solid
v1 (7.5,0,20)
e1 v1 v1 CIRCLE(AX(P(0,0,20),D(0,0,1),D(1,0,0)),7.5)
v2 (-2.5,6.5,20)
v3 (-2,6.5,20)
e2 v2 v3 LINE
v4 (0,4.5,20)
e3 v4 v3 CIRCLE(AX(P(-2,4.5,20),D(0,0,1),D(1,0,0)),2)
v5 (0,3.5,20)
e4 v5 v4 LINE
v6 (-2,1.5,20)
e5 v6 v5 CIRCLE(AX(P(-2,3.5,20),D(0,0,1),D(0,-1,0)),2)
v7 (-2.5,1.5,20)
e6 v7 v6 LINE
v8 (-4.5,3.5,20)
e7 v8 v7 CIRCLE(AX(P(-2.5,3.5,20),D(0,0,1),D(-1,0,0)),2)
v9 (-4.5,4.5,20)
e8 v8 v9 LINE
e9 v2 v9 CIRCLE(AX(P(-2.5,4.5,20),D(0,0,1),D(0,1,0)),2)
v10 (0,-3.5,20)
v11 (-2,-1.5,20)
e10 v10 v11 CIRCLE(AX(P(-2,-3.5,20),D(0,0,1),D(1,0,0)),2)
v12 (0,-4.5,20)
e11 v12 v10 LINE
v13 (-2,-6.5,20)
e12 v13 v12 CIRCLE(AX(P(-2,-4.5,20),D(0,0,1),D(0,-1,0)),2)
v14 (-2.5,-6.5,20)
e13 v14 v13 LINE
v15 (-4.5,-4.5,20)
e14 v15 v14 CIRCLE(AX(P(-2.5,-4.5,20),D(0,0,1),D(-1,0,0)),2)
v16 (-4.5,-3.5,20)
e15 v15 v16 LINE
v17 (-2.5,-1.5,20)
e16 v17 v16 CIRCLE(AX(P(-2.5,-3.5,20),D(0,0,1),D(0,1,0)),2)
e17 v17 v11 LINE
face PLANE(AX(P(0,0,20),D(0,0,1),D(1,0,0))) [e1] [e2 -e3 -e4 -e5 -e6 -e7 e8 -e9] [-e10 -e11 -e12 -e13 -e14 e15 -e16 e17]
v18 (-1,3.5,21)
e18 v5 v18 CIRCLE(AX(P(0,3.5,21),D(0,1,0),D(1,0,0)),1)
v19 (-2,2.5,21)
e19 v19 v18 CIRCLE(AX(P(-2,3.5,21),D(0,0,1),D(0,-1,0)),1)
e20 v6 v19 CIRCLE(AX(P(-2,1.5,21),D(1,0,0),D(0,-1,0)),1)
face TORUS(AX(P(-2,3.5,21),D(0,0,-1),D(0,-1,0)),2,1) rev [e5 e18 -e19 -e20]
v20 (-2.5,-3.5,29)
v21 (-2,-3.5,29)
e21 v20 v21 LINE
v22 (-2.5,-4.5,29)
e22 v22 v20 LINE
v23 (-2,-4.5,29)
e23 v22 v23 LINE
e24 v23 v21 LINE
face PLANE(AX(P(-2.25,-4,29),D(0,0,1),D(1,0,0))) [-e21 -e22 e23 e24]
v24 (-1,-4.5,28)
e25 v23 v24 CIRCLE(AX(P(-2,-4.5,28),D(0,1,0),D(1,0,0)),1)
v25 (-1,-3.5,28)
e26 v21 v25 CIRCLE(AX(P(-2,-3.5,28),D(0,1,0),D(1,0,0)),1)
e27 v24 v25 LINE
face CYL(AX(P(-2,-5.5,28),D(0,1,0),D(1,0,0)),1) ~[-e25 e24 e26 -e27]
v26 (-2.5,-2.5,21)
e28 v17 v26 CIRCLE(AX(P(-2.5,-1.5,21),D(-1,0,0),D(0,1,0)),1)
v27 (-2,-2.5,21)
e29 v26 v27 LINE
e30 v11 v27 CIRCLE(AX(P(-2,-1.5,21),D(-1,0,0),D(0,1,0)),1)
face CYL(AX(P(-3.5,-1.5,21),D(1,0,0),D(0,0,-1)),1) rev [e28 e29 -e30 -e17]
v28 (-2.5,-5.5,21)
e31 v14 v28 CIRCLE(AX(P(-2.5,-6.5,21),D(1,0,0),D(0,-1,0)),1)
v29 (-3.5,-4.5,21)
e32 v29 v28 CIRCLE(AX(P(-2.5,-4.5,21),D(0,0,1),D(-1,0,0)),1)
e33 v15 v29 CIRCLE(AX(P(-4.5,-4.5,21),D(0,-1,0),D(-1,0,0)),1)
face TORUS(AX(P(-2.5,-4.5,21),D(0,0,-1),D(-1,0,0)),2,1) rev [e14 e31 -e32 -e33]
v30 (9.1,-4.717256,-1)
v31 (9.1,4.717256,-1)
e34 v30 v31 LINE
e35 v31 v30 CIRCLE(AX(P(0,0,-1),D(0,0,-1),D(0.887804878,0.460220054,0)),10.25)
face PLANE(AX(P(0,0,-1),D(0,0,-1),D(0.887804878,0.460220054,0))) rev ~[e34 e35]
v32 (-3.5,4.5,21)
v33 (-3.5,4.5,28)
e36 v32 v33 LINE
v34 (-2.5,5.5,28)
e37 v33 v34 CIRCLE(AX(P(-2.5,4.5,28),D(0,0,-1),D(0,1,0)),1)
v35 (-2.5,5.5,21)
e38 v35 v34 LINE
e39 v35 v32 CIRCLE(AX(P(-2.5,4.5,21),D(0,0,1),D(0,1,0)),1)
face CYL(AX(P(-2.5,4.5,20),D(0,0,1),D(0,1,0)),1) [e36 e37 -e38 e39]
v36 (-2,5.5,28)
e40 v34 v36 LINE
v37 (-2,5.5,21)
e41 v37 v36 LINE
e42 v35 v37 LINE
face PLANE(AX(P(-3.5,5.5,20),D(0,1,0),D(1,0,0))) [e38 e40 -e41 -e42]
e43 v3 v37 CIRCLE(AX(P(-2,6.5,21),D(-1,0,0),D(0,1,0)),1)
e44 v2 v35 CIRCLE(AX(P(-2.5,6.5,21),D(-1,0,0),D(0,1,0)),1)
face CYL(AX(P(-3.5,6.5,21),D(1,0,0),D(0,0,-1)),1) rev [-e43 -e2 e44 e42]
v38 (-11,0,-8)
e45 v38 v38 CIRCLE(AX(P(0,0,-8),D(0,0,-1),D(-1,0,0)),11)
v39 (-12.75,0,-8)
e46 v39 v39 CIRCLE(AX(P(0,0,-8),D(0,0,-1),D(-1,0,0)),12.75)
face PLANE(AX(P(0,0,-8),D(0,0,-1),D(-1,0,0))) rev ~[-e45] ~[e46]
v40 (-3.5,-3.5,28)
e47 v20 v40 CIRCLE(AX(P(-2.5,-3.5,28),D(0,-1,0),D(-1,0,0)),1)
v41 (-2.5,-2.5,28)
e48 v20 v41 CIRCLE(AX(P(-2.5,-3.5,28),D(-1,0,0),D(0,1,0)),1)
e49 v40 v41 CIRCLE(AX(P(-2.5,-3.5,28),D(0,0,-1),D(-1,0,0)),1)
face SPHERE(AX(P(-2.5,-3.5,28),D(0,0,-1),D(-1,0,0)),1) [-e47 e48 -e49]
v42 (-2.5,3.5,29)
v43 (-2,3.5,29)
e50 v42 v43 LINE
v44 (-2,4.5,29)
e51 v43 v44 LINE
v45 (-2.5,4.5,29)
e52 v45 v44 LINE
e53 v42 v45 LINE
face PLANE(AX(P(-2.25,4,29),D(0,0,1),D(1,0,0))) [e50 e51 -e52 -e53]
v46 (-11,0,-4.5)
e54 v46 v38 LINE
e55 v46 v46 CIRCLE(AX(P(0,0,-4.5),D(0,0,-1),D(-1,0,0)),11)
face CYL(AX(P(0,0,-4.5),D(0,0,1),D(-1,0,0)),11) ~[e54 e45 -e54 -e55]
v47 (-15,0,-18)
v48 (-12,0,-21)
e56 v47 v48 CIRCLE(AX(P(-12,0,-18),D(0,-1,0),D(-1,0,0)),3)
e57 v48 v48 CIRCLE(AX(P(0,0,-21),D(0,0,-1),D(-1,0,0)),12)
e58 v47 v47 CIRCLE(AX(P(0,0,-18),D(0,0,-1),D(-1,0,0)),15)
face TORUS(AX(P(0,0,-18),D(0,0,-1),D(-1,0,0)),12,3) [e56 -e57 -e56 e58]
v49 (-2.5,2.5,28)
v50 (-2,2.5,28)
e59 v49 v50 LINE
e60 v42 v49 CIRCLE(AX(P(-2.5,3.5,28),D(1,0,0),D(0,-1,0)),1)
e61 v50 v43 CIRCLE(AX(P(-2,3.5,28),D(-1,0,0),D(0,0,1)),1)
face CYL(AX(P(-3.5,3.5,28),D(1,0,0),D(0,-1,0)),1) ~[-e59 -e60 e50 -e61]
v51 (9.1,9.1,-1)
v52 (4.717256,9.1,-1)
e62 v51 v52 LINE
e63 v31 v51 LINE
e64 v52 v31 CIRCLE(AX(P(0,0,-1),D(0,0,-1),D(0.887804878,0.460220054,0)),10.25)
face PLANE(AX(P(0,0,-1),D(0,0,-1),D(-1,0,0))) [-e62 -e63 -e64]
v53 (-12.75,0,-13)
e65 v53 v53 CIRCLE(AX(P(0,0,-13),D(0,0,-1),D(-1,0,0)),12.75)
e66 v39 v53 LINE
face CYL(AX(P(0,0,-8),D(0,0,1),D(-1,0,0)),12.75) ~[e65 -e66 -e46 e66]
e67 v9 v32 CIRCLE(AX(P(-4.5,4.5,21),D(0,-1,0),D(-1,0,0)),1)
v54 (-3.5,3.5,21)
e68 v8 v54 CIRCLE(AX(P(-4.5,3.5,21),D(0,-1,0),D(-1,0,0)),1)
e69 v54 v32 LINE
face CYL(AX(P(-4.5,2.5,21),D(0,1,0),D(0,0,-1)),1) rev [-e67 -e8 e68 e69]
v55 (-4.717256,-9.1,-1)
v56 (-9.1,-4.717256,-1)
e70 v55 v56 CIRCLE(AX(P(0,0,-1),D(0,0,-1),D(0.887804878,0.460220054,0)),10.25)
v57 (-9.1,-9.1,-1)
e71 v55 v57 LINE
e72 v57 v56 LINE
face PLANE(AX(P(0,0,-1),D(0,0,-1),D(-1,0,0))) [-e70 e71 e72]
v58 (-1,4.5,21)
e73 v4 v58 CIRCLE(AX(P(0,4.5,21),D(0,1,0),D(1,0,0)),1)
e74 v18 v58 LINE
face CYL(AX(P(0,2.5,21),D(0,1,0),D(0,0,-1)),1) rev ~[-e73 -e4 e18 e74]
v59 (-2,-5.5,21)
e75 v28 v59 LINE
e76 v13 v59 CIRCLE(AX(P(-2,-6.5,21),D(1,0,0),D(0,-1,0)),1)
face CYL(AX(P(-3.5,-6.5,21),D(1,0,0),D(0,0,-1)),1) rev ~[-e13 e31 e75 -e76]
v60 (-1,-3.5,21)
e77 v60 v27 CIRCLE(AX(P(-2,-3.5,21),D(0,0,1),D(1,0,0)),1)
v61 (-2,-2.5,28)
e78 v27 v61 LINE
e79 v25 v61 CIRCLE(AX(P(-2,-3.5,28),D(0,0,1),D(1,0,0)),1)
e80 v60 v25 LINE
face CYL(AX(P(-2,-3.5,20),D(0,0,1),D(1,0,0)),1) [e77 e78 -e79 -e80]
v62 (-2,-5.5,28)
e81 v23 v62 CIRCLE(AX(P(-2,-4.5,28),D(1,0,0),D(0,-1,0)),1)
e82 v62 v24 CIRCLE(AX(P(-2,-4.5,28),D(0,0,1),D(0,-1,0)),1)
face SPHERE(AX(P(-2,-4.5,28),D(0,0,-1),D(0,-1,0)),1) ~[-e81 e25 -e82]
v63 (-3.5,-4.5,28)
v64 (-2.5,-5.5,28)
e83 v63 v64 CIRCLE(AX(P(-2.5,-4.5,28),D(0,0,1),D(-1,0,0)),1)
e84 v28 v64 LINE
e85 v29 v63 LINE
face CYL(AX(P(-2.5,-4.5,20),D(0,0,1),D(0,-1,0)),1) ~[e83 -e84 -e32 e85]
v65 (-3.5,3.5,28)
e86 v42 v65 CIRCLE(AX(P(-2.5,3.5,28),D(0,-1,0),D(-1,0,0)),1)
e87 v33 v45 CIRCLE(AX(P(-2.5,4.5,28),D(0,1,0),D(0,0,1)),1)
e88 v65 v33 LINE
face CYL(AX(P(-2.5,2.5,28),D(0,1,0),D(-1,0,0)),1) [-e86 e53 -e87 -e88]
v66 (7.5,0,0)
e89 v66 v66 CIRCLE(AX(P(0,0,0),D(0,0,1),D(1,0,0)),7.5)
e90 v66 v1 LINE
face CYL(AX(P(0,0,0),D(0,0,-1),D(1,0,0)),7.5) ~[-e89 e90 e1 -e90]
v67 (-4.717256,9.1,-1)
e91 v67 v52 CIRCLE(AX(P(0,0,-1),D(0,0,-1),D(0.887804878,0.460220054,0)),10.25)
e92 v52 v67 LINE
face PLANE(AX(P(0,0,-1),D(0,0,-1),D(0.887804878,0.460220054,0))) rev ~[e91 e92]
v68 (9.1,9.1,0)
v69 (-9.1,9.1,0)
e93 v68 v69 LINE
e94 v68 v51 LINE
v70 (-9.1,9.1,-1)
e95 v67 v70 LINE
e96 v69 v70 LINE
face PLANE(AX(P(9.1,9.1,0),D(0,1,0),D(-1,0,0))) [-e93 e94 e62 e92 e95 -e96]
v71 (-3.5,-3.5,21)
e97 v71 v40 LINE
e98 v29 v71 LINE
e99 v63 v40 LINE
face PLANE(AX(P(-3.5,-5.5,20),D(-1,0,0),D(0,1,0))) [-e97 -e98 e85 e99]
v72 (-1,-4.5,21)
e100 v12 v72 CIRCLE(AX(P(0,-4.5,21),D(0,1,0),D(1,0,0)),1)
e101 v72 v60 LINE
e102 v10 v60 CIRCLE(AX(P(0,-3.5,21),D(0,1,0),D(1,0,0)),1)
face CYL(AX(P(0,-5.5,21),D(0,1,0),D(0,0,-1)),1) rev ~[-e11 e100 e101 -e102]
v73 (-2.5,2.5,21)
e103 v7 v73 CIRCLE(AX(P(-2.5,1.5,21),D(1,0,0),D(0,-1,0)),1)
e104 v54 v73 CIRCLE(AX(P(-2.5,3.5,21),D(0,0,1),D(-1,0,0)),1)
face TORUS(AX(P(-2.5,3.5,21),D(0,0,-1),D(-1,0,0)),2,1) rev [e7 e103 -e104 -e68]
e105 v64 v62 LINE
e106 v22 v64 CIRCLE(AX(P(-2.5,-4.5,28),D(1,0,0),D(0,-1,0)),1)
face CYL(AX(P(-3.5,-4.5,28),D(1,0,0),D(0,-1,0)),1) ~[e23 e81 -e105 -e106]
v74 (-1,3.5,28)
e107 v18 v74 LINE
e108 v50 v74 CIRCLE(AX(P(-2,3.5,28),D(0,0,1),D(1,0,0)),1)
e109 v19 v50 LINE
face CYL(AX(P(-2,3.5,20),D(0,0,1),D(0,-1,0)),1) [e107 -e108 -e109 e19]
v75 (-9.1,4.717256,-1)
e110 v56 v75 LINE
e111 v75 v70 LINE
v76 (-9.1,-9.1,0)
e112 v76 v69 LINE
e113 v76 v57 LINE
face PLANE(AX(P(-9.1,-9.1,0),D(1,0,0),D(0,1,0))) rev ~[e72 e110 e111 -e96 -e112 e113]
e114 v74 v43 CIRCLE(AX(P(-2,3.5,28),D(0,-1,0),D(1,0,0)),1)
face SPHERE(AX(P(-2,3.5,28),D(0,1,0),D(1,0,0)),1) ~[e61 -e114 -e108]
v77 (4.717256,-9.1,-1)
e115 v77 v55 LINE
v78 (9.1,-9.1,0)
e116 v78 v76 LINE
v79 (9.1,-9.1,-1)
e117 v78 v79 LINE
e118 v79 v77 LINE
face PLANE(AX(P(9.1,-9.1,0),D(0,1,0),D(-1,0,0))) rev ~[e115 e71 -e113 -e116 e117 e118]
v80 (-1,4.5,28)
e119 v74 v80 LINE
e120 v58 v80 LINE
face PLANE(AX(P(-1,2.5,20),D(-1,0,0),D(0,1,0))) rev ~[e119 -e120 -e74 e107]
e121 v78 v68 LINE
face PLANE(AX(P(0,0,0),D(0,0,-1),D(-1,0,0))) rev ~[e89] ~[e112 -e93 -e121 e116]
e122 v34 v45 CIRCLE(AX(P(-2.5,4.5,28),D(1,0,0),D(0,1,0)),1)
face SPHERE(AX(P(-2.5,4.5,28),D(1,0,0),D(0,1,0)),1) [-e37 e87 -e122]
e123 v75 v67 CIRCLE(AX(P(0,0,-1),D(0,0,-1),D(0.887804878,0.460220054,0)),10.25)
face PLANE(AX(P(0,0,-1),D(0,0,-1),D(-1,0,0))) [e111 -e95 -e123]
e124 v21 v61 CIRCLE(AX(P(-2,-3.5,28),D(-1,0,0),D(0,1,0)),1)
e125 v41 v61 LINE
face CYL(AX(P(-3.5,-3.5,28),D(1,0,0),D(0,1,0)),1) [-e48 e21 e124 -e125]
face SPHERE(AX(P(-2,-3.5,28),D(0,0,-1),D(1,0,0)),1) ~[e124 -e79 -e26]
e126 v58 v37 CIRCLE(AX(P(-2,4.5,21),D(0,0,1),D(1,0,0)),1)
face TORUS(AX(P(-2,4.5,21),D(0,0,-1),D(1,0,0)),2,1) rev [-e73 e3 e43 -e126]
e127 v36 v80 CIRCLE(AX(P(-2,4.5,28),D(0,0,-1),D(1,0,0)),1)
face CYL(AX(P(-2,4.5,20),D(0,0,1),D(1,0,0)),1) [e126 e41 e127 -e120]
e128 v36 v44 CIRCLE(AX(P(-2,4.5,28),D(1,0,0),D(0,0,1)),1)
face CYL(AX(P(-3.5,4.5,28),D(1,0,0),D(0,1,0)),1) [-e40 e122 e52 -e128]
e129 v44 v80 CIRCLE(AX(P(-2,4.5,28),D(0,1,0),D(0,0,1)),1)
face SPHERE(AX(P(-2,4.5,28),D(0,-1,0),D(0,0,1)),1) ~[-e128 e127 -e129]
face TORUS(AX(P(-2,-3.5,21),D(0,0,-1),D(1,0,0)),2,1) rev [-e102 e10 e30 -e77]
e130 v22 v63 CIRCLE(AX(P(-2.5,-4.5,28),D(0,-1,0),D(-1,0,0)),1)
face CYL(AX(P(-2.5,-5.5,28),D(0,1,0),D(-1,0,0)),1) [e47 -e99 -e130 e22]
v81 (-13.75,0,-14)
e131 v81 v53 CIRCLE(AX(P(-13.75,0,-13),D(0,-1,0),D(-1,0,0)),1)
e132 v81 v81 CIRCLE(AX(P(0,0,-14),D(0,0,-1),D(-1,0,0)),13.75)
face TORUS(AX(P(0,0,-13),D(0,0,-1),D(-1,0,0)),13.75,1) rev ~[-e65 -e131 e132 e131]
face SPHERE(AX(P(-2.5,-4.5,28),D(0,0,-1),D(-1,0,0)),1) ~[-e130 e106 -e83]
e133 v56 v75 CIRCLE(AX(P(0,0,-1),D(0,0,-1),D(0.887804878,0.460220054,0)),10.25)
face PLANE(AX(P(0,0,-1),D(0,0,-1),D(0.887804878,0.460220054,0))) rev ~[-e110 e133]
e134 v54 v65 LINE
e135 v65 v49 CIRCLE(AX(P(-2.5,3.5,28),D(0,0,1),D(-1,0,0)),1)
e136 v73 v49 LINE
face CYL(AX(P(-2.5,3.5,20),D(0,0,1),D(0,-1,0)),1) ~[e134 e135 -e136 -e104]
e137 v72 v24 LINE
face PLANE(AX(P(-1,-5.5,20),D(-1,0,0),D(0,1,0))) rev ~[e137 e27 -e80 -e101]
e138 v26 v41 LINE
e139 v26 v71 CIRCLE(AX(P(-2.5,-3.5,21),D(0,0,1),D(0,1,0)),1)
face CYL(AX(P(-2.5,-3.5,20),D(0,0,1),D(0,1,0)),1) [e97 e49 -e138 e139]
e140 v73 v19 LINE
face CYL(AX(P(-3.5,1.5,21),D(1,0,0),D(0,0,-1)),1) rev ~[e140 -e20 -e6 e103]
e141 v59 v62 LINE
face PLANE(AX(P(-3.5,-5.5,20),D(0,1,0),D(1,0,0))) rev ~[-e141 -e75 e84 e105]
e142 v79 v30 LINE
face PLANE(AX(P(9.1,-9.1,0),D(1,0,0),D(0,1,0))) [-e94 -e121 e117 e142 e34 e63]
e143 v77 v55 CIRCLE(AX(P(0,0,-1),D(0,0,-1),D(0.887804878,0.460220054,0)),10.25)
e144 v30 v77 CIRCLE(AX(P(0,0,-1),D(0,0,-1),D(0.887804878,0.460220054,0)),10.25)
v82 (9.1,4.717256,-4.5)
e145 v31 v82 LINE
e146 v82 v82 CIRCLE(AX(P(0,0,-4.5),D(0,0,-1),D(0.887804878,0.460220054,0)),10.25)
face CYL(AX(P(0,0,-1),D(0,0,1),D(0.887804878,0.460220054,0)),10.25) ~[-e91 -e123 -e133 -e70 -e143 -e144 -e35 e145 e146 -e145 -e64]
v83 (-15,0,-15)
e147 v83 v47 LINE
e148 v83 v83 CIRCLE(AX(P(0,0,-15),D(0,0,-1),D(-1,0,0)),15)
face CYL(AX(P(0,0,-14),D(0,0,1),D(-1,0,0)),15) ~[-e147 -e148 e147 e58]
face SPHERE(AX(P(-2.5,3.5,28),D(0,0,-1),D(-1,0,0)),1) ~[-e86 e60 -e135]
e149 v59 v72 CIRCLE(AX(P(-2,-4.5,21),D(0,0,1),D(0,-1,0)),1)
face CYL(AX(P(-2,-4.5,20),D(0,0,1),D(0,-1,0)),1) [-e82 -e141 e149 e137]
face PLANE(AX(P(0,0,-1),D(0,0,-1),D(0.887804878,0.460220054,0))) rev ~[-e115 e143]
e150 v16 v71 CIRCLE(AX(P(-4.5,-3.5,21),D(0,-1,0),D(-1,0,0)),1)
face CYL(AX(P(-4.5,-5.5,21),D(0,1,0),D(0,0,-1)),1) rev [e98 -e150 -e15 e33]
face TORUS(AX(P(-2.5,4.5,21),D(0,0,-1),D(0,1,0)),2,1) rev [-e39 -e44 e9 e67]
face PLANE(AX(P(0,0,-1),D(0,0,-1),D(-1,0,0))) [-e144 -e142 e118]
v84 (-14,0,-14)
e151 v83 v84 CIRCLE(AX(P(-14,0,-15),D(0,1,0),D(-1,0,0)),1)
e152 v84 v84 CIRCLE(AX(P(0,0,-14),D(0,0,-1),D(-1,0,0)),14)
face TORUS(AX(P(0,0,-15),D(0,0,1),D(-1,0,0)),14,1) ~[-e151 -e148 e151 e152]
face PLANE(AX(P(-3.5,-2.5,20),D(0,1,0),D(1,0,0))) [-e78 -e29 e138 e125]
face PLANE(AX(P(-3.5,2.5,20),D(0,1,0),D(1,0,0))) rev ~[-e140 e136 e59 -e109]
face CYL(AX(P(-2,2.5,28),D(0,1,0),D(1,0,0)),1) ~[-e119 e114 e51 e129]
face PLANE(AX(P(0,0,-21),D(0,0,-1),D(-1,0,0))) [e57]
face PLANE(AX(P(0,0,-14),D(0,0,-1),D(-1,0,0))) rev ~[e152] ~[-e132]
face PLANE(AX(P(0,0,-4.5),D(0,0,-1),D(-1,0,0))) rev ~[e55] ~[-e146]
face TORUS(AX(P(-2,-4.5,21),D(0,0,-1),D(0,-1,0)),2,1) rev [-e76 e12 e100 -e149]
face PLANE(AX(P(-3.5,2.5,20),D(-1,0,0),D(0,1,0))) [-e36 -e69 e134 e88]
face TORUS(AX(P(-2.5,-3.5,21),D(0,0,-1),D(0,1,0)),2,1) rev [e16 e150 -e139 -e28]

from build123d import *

# Parameters (mm, degrees)
SKETCH1_R           = 7.5
BOSS_EXTRUDE1_DEPTH = 20
SKETCH2_W           = 2.5
SKETCH2_H           = 3
BOSS_EXTRUDE2_DEPTH = 9
SKETCH3_W           = 18.2
SKETCH3_H           = 18.2
BOSS_EXTRUDE3_DEPTH = 1
SKETCH4_R           = 10.25
BOSS_EXTRUDE4_DEPTH = 3.5
SKETCH5_R           = 11
BOSS_EXTRUDE5_DEPTH = 3.5
SKETCH6_R           = 12.75
BOSS_EXTRUDE6_DEPTH = 6
SKETCH7_R           = 15
BOSS_EXTRUDE7_DEPTH = 7
FILLET1_R           = 3
FILLET2_R           = 1
FILLET3_R           = 1


with BuildPart() as part:
    # Sketch1 → Boss-Extrude1 (new body)
    with BuildSketch(Plane.XY):
        Circle(SKETCH1_R)
    extrude(amount=BOSS_EXTRUDE1_DEPTH)

    # Sketch2 → Boss-Extrude2 (add)
    with BuildSketch(Plane.XY.offset(20)):
        with Locations((-2.25, 4)):
            Rectangle(SKETCH2_W, SKETCH2_H)
        with Locations((-2.25, -4)):
            Rectangle(SKETCH2_W, SKETCH2_H)
    extrude(amount=BOSS_EXTRUDE2_DEPTH)

    # Sketch3 → Boss-Extrude3 (add)
    with BuildSketch(Plane(origin=(0, 0, 0), x_dir=(-1, 0, 0), z_dir=(0, 0, -1))):
        Rectangle(SKETCH3_W, SKETCH3_H)
    extrude(amount=BOSS_EXTRUDE3_DEPTH)

    # Sketch4 → Boss-Extrude4 (add)
    with BuildSketch(Plane(origin=(0, 0, -1), x_dir=(-1, 0, 0), z_dir=(0, 0, -1))):
        with Locations(Location((0, 0, 0), (0, 0, 152.598691876))):
            Circle(SKETCH4_R)
    extrude(amount=BOSS_EXTRUDE4_DEPTH)

    # Sketch5 → Boss-Extrude5 (add)
    with BuildSketch(Plane(origin=(0, 0, -4.5), x_dir=(-1, 0, 0), z_dir=(0, 0, -1))):
        Circle(SKETCH5_R)
    extrude(amount=BOSS_EXTRUDE5_DEPTH)

    # Sketch6 → Boss-Extrude6 (add)
    with BuildSketch(Plane(origin=(0, 0, -8), x_dir=(-1, 0, 0), z_dir=(0, 0, -1))):
        Circle(SKETCH6_R)
    extrude(amount=BOSS_EXTRUDE6_DEPTH)

    # Sketch7 → Boss-Extrude7 (add)
    with BuildSketch(Plane(origin=(0, 0, -14), x_dir=(-1, 0, 0), z_dir=(0, 0, -1))):
        Circle(SKETCH7_R)
    extrude(amount=BOSS_EXTRUDE7_DEPTH)

    # Fillet1
    fillet1_edges = [part.edges().sort_by_distance(p)[0] for p in [
        (15, 0, -21),
    ]]
    fillet(fillet1_edges, radius=FILLET1_R)

    # Fillet2
    fillet2_edges = [part.edges().sort_by_distance(p)[0] for p in [
        (12.75, 0, -14),
        (15, 0, -14),
    ]]
    fillet(fillet2_edges, radius=FILLET2_R)

    # Fillet3
    fillet3_edges = [part.edges().sort_by_distance(p)[0] for p in [
        (-1, 4, 29),
        (-2.25, 5.5, 29),
        (-3.5, -4, 20),
        (-3.5, -2.5, 24.5),
        (-2.25, -5.5, 20),
        (-3.5, -5.5, 24.5),
        (-1, -4, 20),
        (-1, -5.5, 24.5),
        (-2.25, -2.5, 20),
        (-1, -2.5, 24.5),
        (-3.5, -4, 29),
        (-2.25, -5.5, 29),
        (-1, -4, 29),
        (-2.25, -2.5, 29),
        (-3.5, 4, 20),
        (-3.5, 5.5, 24.5),
        (-2.25, 2.5, 20),
        (-3.5, 2.5, 24.5),
        (-1, 4, 20),
        (-1, 2.5, 24.5),
        (-2.25, 5.5, 20),
        (-1, 5.5, 24.5),
        (-3.5, 4, 29),
        (-2.25, 2.5, 29),
    ]]
    fillet(fillet3_edges, radius=FILLET3_R)


solid = part.part
